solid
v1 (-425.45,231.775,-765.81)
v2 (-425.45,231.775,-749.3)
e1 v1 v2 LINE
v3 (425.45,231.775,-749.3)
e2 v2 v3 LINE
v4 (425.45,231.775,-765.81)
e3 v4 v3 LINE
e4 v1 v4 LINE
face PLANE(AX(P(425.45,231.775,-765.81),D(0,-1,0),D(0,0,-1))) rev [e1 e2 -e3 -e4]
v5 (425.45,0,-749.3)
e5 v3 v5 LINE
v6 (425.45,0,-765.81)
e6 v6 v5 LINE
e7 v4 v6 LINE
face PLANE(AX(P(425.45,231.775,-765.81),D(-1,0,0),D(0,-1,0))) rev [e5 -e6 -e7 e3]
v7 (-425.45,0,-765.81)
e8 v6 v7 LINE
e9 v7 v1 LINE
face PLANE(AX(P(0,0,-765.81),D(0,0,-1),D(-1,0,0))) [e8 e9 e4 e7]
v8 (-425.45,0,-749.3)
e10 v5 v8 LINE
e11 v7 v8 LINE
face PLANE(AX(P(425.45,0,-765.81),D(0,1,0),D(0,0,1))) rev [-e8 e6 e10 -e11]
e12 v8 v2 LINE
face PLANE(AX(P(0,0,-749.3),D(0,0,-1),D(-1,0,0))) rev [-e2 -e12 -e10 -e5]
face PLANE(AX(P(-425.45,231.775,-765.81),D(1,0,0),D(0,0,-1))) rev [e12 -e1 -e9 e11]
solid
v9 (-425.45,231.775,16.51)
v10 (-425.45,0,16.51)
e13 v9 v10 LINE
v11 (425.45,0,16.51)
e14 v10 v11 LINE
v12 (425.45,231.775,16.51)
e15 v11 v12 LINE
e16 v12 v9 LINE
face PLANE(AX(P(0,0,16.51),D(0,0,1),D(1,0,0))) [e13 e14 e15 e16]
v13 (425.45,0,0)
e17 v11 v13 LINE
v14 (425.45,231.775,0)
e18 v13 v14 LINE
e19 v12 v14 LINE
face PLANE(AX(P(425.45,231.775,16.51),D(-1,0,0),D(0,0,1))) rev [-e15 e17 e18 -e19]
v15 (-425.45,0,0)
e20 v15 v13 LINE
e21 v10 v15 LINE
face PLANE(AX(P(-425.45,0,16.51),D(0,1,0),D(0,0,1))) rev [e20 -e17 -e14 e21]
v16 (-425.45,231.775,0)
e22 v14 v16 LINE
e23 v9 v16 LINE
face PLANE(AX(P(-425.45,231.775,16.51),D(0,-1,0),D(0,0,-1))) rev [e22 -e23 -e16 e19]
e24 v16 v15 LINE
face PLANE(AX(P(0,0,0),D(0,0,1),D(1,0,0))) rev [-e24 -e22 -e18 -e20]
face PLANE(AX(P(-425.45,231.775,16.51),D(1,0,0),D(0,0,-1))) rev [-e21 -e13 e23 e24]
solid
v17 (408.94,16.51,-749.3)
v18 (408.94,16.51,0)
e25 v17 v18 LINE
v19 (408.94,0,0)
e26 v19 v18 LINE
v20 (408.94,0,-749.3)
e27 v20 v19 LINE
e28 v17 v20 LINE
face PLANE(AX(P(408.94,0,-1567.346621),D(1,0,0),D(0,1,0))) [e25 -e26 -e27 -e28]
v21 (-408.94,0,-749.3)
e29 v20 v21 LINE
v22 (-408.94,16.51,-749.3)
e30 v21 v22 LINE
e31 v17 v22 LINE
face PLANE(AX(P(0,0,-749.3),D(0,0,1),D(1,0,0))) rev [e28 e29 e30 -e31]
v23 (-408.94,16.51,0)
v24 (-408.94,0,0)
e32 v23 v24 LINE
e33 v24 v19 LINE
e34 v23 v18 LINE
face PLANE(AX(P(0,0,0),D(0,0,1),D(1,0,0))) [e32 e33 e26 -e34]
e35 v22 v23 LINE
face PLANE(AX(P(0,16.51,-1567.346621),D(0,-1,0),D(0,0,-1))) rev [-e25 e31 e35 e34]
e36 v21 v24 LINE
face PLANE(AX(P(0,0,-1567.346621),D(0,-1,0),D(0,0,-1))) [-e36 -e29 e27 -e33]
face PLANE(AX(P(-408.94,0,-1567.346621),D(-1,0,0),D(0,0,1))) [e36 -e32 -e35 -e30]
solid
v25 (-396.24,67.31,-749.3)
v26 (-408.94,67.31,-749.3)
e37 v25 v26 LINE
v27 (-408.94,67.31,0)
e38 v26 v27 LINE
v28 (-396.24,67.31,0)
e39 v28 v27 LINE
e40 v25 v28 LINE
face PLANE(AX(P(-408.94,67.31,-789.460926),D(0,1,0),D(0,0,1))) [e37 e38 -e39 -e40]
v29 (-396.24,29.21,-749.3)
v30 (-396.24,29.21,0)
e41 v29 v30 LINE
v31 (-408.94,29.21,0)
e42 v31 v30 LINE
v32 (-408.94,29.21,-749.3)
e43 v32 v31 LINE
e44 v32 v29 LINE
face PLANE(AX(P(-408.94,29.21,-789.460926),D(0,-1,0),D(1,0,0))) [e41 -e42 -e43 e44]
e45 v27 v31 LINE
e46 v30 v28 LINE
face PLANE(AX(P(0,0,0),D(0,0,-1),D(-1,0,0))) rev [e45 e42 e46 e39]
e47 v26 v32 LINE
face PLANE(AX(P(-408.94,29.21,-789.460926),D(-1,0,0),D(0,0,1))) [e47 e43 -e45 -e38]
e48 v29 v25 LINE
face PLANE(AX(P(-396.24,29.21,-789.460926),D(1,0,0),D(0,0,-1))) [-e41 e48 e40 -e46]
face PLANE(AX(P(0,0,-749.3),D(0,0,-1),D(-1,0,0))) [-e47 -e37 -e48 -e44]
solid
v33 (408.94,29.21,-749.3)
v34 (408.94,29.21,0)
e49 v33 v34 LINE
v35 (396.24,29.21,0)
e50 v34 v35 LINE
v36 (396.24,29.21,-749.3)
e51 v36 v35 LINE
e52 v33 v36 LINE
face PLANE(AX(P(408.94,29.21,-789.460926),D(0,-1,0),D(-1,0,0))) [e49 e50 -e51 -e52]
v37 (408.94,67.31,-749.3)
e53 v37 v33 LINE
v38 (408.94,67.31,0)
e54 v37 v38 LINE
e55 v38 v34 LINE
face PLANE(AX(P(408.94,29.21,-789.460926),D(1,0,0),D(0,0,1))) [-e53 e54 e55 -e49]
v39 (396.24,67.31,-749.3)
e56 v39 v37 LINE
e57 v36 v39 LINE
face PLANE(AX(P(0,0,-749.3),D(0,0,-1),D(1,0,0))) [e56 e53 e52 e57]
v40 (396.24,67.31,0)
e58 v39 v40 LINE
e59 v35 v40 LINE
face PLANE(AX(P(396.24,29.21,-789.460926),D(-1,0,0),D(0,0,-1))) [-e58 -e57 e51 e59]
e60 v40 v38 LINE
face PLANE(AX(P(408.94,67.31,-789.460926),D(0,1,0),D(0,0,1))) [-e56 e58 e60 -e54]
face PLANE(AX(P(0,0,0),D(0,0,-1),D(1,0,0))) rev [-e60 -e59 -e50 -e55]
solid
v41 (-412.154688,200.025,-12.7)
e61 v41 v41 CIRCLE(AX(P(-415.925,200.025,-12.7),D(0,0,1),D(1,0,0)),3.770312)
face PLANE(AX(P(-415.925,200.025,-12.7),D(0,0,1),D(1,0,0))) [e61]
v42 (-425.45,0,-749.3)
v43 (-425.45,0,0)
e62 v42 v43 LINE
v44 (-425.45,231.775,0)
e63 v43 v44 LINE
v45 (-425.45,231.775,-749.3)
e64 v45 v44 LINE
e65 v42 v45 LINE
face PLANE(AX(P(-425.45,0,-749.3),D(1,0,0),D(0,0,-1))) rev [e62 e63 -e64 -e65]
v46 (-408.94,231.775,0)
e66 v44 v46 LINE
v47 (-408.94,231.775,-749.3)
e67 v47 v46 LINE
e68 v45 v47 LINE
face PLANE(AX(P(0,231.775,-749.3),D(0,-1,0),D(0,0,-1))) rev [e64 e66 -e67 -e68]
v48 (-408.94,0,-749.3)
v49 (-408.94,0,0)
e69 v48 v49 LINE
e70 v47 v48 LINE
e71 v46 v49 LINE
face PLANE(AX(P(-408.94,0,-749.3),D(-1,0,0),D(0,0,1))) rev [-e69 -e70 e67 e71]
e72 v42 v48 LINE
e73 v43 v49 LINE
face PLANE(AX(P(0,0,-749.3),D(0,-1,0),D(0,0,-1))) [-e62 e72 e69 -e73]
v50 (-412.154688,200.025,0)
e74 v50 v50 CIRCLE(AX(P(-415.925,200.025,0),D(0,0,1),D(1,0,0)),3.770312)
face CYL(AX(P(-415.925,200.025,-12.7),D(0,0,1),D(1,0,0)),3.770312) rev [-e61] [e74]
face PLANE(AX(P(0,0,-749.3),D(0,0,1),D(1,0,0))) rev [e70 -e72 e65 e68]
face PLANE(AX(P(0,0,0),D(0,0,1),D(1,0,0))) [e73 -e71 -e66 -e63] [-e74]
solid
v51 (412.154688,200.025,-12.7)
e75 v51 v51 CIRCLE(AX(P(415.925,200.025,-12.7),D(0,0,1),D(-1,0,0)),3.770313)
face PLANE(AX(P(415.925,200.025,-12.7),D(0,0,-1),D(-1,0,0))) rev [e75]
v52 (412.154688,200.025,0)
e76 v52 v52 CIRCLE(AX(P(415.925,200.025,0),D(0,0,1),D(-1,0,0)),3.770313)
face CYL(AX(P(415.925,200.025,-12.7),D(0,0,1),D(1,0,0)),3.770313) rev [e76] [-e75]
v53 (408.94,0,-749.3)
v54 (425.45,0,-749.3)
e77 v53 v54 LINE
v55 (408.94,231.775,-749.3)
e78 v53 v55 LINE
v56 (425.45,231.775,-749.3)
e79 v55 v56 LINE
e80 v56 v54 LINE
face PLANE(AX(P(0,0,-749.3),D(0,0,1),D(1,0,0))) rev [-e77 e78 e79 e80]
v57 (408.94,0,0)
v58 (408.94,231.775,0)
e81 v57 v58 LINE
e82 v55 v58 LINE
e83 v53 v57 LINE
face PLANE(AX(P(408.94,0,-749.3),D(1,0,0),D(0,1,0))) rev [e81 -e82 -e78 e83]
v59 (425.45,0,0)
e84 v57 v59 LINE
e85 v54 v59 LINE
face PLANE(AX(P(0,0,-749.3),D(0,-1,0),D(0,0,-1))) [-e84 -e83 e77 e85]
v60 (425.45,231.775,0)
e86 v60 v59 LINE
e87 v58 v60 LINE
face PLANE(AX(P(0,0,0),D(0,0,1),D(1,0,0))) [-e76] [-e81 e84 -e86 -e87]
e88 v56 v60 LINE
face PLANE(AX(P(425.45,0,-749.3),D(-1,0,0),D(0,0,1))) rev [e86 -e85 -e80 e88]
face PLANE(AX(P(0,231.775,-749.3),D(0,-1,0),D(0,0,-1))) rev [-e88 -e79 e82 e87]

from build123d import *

# Parameters (mm, degrees)
SKETCH1_W             = 16.51
SKETCH1_H             = 231.775
BOSS_EXTRUDE1_DEPTH   = 749.3
BOSS_EXTRUDE1_2_DEPTH = 749.3
SKETCH1_3_W           = 817.88
SKETCH1_3_H           = 16.51
BOSS_EXTRUDE2_DEPTH   = 749.3
SKETCH2_W             = 850.9
SKETCH2_H             = 231.775
BOSS_EXTRUDE3_DEPTH   = 16.51
SKETCH3_W             = 12.7
SKETCH3_H             = 38.1
BOSS_EXTRUDE4_DEPTH   = 749.3
SKETCH7_R             = 3.7703125
CUT_EXTRUDE2_DEPTH    = 12.7
SKETCH15_W            = 850.9
SKETCH15_H            = 231.775
BOSS_EXTRUDE11_DEPTH  = 16.51


with BuildPart() as part:
    # Sketch1 → Boss-Extrude1 (new body)
    with BuildSketch(Plane.XY):
        with Locations((-417.195, 115.8875)):
            Rectangle(SKETCH1_W, SKETCH1_H)
    extrude(amount=-BOSS_EXTRUDE1_DEPTH)


with BuildPart() as body_2:
    # Sketch1 → Boss-Extrude1 2 (new body)
    with BuildSketch(Plane.XY):
        with Locations((417.195, 115.8875)):
            Rectangle(SKETCH1_W, SKETCH1_H)
    extrude(amount=-BOSS_EXTRUDE1_2_DEPTH)


with BuildPart() as body_3:
    # Sketch1<3> → Boss-Extrude2 (new body)
    with BuildSketch(Plane.XY):
        with Locations((0, 8.255)):
            Rectangle(SKETCH1_3_W, SKETCH1_3_H)
    extrude(amount=-BOSS_EXTRUDE2_DEPTH)


with BuildPart() as body_4:
    # Sketch2 → Boss-Extrude3 (new body)
    with BuildSketch(Plane(origin=(0, 0, -749.3), x_dir=(-1, 0, 0), z_dir=(0, 0, -1))):
        with Locations((0, 115.8875)):
            Rectangle(SKETCH2_W, SKETCH2_H)
    extrude(amount=BOSS_EXTRUDE3_DEPTH)


with BuildPart() as body_5:
    # Sketch3 → Boss-Extrude4 (new body)
    with BuildSketch(Plane.XY):
        with Locations((-402.59, 48.26)):
            Rectangle(SKETCH3_W, SKETCH3_H)
    extrude(amount=-BOSS_EXTRUDE4_DEPTH)


with BuildPart() as body_6:
    # Mirror1: mirrored copy
    add(body_5.part.mirror(Plane(origin=(0, 0, 0), x_dir=(0, 0, 1), z_dir=(1, 0, 0))))


with BuildPart() as cut_extrude2_tool:
    # Sketch7 → Cut-Extrude2 (new body)
    with BuildSketch(Plane.XY):
        with Locations((-415.925, 200.025)):
            Circle(SKETCH7_R)
        with Locations((415.925, 200.025)):
            Circle(SKETCH7_R)
    extrude(amount=-CUT_EXTRUDE2_DEPTH)


with BuildPart() as part_1:
    add(part.part)

    # Cut-Extrude2: cut by cut_extrude2_tool
    add(cut_extrude2_tool.part, mode=Mode.SUBTRACT)


with BuildPart() as body_2_1:
    add(body_2.part)

    # Cut-Extrude2: cut by cut_extrude2_tool
    add(cut_extrude2_tool.part, mode=Mode.SUBTRACT)


with BuildPart() as body_7:
    # Sketch15 → Boss-Extrude11 (new body)
    with BuildSketch(Plane.XY):
        with Locations((0, 115.8875)):
            Rectangle(SKETCH15_W, SKETCH15_H)
    extrude(amount=BOSS_EXTRUDE11_DEPTH)


solid = Compound([body_3.part, body_4.part, body_5.part, body_6.part, part_1.part, body_2_1.part, body_7.part])
